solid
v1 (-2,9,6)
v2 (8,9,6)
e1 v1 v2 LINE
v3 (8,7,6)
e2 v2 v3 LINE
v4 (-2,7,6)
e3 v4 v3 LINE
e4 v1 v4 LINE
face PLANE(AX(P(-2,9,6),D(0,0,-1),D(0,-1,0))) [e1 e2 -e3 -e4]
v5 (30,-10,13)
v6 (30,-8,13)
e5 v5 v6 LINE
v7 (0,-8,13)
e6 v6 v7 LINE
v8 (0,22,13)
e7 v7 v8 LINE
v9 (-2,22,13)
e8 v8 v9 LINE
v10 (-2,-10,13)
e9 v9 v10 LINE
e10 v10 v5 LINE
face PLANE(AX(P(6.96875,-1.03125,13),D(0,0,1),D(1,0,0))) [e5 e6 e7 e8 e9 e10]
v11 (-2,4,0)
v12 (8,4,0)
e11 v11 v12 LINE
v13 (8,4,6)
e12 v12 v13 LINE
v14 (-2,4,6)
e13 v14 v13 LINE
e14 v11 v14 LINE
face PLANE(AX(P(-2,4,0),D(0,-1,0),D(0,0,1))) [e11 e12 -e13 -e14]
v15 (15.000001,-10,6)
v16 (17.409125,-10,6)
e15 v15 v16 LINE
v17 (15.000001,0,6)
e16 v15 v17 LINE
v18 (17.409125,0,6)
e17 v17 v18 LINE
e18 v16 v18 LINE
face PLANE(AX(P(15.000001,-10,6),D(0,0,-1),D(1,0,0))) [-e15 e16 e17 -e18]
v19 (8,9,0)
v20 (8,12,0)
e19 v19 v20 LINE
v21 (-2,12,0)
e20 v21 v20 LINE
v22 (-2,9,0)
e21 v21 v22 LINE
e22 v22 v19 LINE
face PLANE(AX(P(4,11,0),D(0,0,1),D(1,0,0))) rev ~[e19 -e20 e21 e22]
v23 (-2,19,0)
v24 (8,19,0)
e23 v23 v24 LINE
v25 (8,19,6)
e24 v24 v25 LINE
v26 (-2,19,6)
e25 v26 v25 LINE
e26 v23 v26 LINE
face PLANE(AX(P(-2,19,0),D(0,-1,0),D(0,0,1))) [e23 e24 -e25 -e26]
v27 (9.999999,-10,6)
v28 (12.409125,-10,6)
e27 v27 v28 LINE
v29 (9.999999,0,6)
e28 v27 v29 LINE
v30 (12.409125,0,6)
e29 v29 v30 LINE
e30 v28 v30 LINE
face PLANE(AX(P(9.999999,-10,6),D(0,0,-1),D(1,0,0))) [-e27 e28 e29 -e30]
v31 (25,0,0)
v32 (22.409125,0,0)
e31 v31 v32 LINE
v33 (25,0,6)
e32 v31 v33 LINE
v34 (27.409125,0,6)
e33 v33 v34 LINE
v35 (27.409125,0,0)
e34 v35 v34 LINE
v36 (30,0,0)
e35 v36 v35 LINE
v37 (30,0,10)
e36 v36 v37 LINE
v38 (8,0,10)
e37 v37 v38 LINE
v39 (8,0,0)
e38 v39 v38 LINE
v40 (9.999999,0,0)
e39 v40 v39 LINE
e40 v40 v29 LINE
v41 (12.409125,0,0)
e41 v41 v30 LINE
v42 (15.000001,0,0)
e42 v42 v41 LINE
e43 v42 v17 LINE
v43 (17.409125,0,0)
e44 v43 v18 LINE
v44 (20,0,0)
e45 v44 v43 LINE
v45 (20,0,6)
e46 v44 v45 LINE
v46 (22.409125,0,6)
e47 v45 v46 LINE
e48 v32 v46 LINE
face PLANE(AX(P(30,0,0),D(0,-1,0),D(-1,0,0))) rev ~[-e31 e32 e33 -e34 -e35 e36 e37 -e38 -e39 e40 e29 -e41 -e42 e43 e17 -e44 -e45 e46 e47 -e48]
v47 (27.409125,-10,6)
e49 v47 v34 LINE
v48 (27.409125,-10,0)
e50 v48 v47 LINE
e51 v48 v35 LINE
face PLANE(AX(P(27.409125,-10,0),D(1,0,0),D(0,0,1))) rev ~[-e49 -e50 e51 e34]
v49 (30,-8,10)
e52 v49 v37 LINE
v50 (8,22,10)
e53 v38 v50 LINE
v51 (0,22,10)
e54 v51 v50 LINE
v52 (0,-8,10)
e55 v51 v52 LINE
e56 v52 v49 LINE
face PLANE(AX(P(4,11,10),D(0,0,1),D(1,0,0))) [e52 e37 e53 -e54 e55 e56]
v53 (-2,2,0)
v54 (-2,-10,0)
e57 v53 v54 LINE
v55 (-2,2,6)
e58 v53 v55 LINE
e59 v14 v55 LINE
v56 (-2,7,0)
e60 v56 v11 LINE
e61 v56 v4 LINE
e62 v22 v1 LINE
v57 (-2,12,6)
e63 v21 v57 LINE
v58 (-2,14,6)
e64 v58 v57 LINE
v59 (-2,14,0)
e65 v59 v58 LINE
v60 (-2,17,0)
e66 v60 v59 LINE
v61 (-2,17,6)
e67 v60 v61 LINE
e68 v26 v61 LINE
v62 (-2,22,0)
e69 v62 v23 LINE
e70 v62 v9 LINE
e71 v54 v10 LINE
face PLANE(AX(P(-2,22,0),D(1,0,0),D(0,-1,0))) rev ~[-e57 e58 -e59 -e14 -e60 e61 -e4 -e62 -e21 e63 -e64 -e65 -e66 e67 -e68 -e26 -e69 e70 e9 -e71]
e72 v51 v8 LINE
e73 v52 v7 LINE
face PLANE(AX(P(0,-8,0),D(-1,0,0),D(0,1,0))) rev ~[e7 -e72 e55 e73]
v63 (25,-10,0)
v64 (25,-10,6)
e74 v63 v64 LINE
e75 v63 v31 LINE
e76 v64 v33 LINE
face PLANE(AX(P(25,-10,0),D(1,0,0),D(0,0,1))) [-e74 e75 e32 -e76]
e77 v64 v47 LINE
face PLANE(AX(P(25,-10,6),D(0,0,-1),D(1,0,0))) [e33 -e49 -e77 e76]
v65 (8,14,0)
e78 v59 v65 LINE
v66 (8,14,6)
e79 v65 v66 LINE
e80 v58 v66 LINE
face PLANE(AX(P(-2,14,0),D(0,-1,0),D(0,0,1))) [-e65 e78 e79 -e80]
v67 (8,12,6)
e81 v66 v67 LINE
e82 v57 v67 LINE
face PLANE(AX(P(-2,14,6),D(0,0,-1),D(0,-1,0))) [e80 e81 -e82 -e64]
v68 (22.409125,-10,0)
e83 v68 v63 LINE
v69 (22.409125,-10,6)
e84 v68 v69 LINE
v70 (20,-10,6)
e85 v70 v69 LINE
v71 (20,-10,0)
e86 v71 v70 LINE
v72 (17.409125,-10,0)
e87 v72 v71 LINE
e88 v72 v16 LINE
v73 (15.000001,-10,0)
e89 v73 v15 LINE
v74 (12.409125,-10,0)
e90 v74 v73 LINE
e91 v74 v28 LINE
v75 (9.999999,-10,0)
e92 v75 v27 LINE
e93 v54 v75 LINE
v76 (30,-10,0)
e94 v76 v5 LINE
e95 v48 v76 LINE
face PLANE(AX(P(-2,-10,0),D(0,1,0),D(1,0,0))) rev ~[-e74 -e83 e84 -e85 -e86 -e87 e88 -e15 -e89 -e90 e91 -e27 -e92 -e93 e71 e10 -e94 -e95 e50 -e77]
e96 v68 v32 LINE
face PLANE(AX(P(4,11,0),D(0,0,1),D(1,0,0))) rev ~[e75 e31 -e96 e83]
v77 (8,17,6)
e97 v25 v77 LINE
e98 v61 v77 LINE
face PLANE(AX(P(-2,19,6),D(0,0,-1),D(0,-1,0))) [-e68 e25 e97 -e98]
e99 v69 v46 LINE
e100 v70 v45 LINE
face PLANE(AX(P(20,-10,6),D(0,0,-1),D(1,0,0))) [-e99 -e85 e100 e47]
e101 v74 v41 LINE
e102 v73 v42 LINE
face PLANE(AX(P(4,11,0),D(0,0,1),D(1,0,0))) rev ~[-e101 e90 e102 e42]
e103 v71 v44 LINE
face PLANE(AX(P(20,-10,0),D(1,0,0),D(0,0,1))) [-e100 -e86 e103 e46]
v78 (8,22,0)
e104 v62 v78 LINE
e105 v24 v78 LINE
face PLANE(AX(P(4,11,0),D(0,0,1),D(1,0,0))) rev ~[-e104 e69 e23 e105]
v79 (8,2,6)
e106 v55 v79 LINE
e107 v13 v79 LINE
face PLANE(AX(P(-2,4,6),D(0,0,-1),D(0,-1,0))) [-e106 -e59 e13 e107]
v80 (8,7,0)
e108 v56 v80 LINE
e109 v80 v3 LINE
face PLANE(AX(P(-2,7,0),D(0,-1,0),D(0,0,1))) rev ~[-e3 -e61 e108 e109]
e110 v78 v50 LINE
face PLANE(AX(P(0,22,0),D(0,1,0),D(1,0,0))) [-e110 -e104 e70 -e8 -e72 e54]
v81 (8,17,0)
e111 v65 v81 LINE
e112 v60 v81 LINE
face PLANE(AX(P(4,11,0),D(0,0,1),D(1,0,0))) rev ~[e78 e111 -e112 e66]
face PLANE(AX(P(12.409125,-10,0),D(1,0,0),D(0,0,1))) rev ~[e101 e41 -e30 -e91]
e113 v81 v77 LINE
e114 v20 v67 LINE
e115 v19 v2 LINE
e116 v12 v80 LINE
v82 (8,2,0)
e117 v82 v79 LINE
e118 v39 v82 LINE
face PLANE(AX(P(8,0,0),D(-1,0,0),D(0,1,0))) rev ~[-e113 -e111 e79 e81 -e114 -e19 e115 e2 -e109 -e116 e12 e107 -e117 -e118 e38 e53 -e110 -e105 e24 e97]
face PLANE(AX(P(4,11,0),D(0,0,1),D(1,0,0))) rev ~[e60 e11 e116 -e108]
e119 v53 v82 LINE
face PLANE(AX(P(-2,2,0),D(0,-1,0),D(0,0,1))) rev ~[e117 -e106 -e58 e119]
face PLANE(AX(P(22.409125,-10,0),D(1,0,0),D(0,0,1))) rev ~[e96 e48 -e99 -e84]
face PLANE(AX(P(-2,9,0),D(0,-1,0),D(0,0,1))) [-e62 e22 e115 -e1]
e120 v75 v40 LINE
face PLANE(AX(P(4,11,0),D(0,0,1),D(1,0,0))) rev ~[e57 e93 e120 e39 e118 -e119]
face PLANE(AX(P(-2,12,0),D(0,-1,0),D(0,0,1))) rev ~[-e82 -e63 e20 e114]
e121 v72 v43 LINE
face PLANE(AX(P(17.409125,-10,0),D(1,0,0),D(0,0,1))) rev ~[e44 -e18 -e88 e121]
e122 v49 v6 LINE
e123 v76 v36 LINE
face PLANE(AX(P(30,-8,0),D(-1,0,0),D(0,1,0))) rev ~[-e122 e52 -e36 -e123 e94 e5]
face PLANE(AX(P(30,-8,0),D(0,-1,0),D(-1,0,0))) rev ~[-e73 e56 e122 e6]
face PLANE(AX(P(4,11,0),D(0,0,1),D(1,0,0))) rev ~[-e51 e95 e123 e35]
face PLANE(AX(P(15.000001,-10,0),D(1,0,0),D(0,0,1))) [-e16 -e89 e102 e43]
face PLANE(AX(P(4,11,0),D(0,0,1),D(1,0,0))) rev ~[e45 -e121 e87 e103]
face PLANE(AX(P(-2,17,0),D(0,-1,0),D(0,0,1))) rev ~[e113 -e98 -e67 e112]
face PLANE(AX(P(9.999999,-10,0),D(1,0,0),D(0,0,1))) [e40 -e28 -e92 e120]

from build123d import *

# Parameters (mm, degrees)
F1_DEPTH = 13
F0_W     = 8
F0_H     = 22
F2_DEPTH = 10
F3_W     = 2.409125
F3_H     = 6
F5_DEPTH = 25
F4_W     = 2
F4_H     = 6
F6_DEPTH = 25


with BuildPart() as f1:
    # F0 (on Top) → F1 (new body)
    with BuildSketch(Plane.XY):
        Polygon((0, -8), (0, 0), (0, 22), (-2, 22), (-2, 11.907217), (-2, -10), (30, -10), (30, -8), align=None)
    extrude(amount=F1_DEPTH)

    # F0 (on Top) → F2 (join)
    with BuildSketch(Plane.XY):
        with Locations((4, 11)):
            Rectangle(F0_W, F0_H)
        Polygon((8, 0), (0, 0), (0, -8), (30, -8), (30, 0), align=None)
    extrude(amount=F2_DEPTH)

    # F3 (on face) → F5 (cut)
    with BuildSketch(Plane.XZ.offset(10)):
        with Locations((11.204562, 3)):
            Rectangle(F3_W, F3_H)
        with Locations((16.204563, 3)):
            Rectangle(F3_W, F3_H)
        with Locations((21.204563, 3)):
            Rectangle(F3_W, F3_H)
        with Locations((26.204563, 3)):
            Rectangle(F3_W, F3_H)
    extrude(amount=-F5_DEPTH, mode=Mode.SUBTRACT)

    # F4 (on face) → F6 (cut)
    with BuildSketch(Plane(origin=(-2, 0, 0), x_dir=(0, -1, 0), z_dir=(-1, 0, 0))):
        with Locations((-13, 3)):
            Rectangle(F4_W, F4_H)
        with Locations((-18, 3)):
            Rectangle(F4_W, F4_H)
        with Locations((-8, 3)):
            Rectangle(F4_W, F4_H)
        with Locations((-3, 3)):
            Rectangle(F4_W, F4_H)
    extrude(amount=-F6_DEPTH, mode=Mode.SUBTRACT)


solid = f1.part
